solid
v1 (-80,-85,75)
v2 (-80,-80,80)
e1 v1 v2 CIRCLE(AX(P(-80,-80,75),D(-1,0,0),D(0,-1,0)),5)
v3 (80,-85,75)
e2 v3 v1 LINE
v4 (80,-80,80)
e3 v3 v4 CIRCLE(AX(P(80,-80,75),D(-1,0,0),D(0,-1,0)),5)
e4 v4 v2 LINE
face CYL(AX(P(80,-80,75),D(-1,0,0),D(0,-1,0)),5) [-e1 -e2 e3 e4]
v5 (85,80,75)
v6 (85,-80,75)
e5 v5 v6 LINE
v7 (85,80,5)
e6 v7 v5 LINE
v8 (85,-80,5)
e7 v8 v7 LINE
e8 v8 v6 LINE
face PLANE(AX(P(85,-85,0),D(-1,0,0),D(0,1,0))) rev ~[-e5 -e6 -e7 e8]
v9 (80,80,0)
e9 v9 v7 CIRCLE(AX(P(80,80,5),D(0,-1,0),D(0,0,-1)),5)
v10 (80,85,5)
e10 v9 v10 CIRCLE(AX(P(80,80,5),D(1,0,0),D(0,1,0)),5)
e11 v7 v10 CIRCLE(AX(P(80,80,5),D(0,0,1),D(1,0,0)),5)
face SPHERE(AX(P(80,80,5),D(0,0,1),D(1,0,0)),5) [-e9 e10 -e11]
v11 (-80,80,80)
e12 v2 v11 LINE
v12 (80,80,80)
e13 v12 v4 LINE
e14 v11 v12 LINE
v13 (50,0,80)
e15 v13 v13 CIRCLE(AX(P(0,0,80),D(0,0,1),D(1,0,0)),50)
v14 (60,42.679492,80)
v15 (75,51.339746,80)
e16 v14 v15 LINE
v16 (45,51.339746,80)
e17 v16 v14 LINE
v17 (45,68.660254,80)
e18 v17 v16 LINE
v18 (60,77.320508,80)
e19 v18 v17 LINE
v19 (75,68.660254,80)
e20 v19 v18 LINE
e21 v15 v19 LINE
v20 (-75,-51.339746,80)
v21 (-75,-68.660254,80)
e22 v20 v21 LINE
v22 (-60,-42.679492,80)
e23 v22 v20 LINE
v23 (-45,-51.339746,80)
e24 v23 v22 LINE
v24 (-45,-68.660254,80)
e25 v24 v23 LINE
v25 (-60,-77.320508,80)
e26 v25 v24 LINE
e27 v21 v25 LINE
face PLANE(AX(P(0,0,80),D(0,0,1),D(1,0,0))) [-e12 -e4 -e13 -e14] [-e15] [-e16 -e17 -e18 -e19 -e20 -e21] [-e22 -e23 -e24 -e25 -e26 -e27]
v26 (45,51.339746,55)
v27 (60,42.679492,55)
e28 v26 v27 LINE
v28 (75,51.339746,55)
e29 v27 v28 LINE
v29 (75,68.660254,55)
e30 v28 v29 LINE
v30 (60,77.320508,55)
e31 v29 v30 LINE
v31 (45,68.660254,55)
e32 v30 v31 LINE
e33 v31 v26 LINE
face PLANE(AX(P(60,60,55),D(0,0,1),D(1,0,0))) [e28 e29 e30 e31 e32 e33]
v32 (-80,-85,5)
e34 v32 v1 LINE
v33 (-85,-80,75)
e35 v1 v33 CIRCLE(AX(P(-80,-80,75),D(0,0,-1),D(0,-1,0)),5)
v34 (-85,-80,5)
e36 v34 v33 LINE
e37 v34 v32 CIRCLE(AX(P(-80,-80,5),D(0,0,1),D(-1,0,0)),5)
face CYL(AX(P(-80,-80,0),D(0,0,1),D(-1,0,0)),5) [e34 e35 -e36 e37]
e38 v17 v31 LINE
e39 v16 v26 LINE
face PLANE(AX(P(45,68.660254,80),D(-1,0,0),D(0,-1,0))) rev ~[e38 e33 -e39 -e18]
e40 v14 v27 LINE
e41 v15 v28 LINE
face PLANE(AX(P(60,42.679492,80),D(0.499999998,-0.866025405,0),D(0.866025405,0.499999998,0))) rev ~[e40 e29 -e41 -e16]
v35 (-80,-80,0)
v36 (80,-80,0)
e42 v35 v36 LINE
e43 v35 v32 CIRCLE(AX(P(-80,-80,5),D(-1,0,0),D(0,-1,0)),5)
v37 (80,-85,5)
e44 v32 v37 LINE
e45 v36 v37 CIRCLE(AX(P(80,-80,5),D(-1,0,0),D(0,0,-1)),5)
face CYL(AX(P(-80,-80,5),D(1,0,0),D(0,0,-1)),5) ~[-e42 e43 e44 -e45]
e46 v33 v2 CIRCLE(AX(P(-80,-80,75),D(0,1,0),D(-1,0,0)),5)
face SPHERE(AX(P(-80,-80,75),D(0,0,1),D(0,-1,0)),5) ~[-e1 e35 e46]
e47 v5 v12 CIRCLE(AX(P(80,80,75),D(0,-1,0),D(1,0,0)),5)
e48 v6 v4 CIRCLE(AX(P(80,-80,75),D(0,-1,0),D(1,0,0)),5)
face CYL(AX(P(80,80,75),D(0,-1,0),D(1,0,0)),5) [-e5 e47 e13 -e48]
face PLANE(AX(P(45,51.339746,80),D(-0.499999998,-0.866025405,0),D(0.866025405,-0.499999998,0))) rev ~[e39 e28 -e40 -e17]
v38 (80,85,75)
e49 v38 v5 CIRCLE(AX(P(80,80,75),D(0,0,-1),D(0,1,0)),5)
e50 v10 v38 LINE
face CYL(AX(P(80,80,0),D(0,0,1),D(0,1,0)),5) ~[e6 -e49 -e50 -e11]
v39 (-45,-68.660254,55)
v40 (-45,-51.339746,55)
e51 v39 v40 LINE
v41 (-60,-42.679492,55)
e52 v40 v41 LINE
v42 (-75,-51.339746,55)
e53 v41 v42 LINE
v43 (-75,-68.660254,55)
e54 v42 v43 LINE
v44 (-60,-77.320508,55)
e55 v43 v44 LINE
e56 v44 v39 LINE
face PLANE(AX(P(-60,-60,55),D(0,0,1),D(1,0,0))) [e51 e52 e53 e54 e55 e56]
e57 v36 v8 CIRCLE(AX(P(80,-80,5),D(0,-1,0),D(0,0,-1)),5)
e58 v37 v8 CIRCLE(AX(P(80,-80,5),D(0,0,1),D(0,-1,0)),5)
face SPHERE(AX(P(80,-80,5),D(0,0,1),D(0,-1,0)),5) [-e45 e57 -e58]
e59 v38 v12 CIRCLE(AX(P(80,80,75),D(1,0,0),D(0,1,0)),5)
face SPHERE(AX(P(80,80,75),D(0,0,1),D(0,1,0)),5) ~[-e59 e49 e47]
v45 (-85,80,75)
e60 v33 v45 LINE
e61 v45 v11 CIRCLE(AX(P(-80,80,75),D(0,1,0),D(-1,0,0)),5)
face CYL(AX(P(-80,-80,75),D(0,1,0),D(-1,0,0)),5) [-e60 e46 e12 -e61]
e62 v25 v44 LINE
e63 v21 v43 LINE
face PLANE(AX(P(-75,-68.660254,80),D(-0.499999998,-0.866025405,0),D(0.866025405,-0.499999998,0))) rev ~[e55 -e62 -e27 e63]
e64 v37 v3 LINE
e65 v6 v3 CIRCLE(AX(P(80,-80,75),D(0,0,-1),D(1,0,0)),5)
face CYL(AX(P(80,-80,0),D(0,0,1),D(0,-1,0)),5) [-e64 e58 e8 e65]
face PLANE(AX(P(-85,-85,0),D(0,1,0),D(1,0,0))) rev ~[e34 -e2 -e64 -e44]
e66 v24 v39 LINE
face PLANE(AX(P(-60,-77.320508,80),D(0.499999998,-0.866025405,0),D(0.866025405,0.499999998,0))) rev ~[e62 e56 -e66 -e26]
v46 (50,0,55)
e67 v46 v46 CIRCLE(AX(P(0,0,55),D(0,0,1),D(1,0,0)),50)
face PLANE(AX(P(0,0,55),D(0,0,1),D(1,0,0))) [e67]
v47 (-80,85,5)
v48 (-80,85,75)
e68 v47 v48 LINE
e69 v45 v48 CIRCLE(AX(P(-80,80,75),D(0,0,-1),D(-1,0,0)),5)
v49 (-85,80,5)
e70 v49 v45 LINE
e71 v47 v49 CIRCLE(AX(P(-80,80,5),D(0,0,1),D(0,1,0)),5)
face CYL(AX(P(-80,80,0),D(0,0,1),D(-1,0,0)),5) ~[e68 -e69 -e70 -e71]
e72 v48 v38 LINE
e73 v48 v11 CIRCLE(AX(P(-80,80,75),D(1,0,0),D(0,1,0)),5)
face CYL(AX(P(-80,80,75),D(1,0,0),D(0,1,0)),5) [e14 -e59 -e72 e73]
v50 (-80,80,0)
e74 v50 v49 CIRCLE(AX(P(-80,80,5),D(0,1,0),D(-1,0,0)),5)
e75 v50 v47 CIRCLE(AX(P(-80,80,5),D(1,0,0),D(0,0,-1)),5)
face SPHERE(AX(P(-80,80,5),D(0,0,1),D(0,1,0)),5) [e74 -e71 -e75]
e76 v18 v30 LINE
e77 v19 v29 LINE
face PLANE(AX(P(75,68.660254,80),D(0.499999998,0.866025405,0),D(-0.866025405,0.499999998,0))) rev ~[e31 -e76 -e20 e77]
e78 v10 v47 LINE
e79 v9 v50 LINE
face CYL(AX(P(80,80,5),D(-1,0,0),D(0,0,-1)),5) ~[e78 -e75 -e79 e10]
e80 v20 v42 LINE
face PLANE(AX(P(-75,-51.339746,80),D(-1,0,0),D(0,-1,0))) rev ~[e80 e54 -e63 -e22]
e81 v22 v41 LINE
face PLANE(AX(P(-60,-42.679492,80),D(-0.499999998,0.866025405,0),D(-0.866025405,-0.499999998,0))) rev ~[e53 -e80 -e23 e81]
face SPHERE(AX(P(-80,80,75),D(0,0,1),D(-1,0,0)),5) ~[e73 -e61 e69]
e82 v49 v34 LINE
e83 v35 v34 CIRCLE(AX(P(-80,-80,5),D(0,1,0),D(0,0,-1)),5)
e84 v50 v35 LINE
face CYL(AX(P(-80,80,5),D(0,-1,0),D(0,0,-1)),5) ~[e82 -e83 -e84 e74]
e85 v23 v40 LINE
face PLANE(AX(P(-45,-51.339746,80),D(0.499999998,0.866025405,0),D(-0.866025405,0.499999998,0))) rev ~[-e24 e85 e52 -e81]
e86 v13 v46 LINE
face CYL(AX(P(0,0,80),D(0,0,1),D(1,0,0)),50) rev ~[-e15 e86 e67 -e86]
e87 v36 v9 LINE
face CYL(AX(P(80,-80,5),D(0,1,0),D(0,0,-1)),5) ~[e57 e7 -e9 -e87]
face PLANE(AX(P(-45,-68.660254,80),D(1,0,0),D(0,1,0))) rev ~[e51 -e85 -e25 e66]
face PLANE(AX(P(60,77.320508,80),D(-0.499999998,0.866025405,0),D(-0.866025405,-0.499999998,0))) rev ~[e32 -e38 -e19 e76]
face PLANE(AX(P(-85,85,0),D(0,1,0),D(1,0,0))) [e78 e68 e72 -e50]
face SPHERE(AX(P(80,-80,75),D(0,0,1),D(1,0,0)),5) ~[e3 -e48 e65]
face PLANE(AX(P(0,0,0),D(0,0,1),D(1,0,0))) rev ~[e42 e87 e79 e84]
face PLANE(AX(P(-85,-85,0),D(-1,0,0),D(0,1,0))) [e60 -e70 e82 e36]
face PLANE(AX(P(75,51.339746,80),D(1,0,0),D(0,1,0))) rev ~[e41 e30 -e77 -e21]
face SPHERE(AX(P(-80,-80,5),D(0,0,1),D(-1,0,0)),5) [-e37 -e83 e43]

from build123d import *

# Parameters (mm, degrees)
F0_W     = 170
F0_H     = 170
F1_DEPTH = 80
F2_R     = 50
F3_DEPTH = 25
F4_R     = 5
F5_R     = 5


with BuildPart() as f1:
    # F0 (on Top) → F1 (new body)
    with BuildSketch(Plane.XY):
        Rectangle(F0_W, F0_H)
    extrude(amount=F1_DEPTH)

    # F2 (on face) → F3 (cut)
    with BuildSketch(Plane.XY.offset(80)):
        Circle(F2_R)
        Polygon((-75, -51.339746), (-75, -68.660254), (-60, -77.320508), (-45, -68.660254), (-45, -51.339746), (-60, -42.679492), align=None)
        Polygon((75, 51.339746), (75, 68.660254), (60, 77.320508), (45, 68.660254), (45, 51.339746), (60, 42.679492), align=None)
    extrude(amount=-F3_DEPTH, mode=Mode.SUBTRACT)

    # F4
    f4_edges = [f1.edges().sort_by_distance(p)[0] for p in [
        (85, -85, 40),
        (85, 85, 40),
        (-85, 85, 40),
        (-85, -85, 40),
    ]]
    fillet(f4_edges, radius=F4_R)

    # F5
    f5_edges = [f1.edges().sort_by_distance(p)[0] for p in [
        (-85, 0, 80),
        (85, 0, 0),
    ]]
    fillet(f5_edges, radius=F5_R)


solid = f1.part
